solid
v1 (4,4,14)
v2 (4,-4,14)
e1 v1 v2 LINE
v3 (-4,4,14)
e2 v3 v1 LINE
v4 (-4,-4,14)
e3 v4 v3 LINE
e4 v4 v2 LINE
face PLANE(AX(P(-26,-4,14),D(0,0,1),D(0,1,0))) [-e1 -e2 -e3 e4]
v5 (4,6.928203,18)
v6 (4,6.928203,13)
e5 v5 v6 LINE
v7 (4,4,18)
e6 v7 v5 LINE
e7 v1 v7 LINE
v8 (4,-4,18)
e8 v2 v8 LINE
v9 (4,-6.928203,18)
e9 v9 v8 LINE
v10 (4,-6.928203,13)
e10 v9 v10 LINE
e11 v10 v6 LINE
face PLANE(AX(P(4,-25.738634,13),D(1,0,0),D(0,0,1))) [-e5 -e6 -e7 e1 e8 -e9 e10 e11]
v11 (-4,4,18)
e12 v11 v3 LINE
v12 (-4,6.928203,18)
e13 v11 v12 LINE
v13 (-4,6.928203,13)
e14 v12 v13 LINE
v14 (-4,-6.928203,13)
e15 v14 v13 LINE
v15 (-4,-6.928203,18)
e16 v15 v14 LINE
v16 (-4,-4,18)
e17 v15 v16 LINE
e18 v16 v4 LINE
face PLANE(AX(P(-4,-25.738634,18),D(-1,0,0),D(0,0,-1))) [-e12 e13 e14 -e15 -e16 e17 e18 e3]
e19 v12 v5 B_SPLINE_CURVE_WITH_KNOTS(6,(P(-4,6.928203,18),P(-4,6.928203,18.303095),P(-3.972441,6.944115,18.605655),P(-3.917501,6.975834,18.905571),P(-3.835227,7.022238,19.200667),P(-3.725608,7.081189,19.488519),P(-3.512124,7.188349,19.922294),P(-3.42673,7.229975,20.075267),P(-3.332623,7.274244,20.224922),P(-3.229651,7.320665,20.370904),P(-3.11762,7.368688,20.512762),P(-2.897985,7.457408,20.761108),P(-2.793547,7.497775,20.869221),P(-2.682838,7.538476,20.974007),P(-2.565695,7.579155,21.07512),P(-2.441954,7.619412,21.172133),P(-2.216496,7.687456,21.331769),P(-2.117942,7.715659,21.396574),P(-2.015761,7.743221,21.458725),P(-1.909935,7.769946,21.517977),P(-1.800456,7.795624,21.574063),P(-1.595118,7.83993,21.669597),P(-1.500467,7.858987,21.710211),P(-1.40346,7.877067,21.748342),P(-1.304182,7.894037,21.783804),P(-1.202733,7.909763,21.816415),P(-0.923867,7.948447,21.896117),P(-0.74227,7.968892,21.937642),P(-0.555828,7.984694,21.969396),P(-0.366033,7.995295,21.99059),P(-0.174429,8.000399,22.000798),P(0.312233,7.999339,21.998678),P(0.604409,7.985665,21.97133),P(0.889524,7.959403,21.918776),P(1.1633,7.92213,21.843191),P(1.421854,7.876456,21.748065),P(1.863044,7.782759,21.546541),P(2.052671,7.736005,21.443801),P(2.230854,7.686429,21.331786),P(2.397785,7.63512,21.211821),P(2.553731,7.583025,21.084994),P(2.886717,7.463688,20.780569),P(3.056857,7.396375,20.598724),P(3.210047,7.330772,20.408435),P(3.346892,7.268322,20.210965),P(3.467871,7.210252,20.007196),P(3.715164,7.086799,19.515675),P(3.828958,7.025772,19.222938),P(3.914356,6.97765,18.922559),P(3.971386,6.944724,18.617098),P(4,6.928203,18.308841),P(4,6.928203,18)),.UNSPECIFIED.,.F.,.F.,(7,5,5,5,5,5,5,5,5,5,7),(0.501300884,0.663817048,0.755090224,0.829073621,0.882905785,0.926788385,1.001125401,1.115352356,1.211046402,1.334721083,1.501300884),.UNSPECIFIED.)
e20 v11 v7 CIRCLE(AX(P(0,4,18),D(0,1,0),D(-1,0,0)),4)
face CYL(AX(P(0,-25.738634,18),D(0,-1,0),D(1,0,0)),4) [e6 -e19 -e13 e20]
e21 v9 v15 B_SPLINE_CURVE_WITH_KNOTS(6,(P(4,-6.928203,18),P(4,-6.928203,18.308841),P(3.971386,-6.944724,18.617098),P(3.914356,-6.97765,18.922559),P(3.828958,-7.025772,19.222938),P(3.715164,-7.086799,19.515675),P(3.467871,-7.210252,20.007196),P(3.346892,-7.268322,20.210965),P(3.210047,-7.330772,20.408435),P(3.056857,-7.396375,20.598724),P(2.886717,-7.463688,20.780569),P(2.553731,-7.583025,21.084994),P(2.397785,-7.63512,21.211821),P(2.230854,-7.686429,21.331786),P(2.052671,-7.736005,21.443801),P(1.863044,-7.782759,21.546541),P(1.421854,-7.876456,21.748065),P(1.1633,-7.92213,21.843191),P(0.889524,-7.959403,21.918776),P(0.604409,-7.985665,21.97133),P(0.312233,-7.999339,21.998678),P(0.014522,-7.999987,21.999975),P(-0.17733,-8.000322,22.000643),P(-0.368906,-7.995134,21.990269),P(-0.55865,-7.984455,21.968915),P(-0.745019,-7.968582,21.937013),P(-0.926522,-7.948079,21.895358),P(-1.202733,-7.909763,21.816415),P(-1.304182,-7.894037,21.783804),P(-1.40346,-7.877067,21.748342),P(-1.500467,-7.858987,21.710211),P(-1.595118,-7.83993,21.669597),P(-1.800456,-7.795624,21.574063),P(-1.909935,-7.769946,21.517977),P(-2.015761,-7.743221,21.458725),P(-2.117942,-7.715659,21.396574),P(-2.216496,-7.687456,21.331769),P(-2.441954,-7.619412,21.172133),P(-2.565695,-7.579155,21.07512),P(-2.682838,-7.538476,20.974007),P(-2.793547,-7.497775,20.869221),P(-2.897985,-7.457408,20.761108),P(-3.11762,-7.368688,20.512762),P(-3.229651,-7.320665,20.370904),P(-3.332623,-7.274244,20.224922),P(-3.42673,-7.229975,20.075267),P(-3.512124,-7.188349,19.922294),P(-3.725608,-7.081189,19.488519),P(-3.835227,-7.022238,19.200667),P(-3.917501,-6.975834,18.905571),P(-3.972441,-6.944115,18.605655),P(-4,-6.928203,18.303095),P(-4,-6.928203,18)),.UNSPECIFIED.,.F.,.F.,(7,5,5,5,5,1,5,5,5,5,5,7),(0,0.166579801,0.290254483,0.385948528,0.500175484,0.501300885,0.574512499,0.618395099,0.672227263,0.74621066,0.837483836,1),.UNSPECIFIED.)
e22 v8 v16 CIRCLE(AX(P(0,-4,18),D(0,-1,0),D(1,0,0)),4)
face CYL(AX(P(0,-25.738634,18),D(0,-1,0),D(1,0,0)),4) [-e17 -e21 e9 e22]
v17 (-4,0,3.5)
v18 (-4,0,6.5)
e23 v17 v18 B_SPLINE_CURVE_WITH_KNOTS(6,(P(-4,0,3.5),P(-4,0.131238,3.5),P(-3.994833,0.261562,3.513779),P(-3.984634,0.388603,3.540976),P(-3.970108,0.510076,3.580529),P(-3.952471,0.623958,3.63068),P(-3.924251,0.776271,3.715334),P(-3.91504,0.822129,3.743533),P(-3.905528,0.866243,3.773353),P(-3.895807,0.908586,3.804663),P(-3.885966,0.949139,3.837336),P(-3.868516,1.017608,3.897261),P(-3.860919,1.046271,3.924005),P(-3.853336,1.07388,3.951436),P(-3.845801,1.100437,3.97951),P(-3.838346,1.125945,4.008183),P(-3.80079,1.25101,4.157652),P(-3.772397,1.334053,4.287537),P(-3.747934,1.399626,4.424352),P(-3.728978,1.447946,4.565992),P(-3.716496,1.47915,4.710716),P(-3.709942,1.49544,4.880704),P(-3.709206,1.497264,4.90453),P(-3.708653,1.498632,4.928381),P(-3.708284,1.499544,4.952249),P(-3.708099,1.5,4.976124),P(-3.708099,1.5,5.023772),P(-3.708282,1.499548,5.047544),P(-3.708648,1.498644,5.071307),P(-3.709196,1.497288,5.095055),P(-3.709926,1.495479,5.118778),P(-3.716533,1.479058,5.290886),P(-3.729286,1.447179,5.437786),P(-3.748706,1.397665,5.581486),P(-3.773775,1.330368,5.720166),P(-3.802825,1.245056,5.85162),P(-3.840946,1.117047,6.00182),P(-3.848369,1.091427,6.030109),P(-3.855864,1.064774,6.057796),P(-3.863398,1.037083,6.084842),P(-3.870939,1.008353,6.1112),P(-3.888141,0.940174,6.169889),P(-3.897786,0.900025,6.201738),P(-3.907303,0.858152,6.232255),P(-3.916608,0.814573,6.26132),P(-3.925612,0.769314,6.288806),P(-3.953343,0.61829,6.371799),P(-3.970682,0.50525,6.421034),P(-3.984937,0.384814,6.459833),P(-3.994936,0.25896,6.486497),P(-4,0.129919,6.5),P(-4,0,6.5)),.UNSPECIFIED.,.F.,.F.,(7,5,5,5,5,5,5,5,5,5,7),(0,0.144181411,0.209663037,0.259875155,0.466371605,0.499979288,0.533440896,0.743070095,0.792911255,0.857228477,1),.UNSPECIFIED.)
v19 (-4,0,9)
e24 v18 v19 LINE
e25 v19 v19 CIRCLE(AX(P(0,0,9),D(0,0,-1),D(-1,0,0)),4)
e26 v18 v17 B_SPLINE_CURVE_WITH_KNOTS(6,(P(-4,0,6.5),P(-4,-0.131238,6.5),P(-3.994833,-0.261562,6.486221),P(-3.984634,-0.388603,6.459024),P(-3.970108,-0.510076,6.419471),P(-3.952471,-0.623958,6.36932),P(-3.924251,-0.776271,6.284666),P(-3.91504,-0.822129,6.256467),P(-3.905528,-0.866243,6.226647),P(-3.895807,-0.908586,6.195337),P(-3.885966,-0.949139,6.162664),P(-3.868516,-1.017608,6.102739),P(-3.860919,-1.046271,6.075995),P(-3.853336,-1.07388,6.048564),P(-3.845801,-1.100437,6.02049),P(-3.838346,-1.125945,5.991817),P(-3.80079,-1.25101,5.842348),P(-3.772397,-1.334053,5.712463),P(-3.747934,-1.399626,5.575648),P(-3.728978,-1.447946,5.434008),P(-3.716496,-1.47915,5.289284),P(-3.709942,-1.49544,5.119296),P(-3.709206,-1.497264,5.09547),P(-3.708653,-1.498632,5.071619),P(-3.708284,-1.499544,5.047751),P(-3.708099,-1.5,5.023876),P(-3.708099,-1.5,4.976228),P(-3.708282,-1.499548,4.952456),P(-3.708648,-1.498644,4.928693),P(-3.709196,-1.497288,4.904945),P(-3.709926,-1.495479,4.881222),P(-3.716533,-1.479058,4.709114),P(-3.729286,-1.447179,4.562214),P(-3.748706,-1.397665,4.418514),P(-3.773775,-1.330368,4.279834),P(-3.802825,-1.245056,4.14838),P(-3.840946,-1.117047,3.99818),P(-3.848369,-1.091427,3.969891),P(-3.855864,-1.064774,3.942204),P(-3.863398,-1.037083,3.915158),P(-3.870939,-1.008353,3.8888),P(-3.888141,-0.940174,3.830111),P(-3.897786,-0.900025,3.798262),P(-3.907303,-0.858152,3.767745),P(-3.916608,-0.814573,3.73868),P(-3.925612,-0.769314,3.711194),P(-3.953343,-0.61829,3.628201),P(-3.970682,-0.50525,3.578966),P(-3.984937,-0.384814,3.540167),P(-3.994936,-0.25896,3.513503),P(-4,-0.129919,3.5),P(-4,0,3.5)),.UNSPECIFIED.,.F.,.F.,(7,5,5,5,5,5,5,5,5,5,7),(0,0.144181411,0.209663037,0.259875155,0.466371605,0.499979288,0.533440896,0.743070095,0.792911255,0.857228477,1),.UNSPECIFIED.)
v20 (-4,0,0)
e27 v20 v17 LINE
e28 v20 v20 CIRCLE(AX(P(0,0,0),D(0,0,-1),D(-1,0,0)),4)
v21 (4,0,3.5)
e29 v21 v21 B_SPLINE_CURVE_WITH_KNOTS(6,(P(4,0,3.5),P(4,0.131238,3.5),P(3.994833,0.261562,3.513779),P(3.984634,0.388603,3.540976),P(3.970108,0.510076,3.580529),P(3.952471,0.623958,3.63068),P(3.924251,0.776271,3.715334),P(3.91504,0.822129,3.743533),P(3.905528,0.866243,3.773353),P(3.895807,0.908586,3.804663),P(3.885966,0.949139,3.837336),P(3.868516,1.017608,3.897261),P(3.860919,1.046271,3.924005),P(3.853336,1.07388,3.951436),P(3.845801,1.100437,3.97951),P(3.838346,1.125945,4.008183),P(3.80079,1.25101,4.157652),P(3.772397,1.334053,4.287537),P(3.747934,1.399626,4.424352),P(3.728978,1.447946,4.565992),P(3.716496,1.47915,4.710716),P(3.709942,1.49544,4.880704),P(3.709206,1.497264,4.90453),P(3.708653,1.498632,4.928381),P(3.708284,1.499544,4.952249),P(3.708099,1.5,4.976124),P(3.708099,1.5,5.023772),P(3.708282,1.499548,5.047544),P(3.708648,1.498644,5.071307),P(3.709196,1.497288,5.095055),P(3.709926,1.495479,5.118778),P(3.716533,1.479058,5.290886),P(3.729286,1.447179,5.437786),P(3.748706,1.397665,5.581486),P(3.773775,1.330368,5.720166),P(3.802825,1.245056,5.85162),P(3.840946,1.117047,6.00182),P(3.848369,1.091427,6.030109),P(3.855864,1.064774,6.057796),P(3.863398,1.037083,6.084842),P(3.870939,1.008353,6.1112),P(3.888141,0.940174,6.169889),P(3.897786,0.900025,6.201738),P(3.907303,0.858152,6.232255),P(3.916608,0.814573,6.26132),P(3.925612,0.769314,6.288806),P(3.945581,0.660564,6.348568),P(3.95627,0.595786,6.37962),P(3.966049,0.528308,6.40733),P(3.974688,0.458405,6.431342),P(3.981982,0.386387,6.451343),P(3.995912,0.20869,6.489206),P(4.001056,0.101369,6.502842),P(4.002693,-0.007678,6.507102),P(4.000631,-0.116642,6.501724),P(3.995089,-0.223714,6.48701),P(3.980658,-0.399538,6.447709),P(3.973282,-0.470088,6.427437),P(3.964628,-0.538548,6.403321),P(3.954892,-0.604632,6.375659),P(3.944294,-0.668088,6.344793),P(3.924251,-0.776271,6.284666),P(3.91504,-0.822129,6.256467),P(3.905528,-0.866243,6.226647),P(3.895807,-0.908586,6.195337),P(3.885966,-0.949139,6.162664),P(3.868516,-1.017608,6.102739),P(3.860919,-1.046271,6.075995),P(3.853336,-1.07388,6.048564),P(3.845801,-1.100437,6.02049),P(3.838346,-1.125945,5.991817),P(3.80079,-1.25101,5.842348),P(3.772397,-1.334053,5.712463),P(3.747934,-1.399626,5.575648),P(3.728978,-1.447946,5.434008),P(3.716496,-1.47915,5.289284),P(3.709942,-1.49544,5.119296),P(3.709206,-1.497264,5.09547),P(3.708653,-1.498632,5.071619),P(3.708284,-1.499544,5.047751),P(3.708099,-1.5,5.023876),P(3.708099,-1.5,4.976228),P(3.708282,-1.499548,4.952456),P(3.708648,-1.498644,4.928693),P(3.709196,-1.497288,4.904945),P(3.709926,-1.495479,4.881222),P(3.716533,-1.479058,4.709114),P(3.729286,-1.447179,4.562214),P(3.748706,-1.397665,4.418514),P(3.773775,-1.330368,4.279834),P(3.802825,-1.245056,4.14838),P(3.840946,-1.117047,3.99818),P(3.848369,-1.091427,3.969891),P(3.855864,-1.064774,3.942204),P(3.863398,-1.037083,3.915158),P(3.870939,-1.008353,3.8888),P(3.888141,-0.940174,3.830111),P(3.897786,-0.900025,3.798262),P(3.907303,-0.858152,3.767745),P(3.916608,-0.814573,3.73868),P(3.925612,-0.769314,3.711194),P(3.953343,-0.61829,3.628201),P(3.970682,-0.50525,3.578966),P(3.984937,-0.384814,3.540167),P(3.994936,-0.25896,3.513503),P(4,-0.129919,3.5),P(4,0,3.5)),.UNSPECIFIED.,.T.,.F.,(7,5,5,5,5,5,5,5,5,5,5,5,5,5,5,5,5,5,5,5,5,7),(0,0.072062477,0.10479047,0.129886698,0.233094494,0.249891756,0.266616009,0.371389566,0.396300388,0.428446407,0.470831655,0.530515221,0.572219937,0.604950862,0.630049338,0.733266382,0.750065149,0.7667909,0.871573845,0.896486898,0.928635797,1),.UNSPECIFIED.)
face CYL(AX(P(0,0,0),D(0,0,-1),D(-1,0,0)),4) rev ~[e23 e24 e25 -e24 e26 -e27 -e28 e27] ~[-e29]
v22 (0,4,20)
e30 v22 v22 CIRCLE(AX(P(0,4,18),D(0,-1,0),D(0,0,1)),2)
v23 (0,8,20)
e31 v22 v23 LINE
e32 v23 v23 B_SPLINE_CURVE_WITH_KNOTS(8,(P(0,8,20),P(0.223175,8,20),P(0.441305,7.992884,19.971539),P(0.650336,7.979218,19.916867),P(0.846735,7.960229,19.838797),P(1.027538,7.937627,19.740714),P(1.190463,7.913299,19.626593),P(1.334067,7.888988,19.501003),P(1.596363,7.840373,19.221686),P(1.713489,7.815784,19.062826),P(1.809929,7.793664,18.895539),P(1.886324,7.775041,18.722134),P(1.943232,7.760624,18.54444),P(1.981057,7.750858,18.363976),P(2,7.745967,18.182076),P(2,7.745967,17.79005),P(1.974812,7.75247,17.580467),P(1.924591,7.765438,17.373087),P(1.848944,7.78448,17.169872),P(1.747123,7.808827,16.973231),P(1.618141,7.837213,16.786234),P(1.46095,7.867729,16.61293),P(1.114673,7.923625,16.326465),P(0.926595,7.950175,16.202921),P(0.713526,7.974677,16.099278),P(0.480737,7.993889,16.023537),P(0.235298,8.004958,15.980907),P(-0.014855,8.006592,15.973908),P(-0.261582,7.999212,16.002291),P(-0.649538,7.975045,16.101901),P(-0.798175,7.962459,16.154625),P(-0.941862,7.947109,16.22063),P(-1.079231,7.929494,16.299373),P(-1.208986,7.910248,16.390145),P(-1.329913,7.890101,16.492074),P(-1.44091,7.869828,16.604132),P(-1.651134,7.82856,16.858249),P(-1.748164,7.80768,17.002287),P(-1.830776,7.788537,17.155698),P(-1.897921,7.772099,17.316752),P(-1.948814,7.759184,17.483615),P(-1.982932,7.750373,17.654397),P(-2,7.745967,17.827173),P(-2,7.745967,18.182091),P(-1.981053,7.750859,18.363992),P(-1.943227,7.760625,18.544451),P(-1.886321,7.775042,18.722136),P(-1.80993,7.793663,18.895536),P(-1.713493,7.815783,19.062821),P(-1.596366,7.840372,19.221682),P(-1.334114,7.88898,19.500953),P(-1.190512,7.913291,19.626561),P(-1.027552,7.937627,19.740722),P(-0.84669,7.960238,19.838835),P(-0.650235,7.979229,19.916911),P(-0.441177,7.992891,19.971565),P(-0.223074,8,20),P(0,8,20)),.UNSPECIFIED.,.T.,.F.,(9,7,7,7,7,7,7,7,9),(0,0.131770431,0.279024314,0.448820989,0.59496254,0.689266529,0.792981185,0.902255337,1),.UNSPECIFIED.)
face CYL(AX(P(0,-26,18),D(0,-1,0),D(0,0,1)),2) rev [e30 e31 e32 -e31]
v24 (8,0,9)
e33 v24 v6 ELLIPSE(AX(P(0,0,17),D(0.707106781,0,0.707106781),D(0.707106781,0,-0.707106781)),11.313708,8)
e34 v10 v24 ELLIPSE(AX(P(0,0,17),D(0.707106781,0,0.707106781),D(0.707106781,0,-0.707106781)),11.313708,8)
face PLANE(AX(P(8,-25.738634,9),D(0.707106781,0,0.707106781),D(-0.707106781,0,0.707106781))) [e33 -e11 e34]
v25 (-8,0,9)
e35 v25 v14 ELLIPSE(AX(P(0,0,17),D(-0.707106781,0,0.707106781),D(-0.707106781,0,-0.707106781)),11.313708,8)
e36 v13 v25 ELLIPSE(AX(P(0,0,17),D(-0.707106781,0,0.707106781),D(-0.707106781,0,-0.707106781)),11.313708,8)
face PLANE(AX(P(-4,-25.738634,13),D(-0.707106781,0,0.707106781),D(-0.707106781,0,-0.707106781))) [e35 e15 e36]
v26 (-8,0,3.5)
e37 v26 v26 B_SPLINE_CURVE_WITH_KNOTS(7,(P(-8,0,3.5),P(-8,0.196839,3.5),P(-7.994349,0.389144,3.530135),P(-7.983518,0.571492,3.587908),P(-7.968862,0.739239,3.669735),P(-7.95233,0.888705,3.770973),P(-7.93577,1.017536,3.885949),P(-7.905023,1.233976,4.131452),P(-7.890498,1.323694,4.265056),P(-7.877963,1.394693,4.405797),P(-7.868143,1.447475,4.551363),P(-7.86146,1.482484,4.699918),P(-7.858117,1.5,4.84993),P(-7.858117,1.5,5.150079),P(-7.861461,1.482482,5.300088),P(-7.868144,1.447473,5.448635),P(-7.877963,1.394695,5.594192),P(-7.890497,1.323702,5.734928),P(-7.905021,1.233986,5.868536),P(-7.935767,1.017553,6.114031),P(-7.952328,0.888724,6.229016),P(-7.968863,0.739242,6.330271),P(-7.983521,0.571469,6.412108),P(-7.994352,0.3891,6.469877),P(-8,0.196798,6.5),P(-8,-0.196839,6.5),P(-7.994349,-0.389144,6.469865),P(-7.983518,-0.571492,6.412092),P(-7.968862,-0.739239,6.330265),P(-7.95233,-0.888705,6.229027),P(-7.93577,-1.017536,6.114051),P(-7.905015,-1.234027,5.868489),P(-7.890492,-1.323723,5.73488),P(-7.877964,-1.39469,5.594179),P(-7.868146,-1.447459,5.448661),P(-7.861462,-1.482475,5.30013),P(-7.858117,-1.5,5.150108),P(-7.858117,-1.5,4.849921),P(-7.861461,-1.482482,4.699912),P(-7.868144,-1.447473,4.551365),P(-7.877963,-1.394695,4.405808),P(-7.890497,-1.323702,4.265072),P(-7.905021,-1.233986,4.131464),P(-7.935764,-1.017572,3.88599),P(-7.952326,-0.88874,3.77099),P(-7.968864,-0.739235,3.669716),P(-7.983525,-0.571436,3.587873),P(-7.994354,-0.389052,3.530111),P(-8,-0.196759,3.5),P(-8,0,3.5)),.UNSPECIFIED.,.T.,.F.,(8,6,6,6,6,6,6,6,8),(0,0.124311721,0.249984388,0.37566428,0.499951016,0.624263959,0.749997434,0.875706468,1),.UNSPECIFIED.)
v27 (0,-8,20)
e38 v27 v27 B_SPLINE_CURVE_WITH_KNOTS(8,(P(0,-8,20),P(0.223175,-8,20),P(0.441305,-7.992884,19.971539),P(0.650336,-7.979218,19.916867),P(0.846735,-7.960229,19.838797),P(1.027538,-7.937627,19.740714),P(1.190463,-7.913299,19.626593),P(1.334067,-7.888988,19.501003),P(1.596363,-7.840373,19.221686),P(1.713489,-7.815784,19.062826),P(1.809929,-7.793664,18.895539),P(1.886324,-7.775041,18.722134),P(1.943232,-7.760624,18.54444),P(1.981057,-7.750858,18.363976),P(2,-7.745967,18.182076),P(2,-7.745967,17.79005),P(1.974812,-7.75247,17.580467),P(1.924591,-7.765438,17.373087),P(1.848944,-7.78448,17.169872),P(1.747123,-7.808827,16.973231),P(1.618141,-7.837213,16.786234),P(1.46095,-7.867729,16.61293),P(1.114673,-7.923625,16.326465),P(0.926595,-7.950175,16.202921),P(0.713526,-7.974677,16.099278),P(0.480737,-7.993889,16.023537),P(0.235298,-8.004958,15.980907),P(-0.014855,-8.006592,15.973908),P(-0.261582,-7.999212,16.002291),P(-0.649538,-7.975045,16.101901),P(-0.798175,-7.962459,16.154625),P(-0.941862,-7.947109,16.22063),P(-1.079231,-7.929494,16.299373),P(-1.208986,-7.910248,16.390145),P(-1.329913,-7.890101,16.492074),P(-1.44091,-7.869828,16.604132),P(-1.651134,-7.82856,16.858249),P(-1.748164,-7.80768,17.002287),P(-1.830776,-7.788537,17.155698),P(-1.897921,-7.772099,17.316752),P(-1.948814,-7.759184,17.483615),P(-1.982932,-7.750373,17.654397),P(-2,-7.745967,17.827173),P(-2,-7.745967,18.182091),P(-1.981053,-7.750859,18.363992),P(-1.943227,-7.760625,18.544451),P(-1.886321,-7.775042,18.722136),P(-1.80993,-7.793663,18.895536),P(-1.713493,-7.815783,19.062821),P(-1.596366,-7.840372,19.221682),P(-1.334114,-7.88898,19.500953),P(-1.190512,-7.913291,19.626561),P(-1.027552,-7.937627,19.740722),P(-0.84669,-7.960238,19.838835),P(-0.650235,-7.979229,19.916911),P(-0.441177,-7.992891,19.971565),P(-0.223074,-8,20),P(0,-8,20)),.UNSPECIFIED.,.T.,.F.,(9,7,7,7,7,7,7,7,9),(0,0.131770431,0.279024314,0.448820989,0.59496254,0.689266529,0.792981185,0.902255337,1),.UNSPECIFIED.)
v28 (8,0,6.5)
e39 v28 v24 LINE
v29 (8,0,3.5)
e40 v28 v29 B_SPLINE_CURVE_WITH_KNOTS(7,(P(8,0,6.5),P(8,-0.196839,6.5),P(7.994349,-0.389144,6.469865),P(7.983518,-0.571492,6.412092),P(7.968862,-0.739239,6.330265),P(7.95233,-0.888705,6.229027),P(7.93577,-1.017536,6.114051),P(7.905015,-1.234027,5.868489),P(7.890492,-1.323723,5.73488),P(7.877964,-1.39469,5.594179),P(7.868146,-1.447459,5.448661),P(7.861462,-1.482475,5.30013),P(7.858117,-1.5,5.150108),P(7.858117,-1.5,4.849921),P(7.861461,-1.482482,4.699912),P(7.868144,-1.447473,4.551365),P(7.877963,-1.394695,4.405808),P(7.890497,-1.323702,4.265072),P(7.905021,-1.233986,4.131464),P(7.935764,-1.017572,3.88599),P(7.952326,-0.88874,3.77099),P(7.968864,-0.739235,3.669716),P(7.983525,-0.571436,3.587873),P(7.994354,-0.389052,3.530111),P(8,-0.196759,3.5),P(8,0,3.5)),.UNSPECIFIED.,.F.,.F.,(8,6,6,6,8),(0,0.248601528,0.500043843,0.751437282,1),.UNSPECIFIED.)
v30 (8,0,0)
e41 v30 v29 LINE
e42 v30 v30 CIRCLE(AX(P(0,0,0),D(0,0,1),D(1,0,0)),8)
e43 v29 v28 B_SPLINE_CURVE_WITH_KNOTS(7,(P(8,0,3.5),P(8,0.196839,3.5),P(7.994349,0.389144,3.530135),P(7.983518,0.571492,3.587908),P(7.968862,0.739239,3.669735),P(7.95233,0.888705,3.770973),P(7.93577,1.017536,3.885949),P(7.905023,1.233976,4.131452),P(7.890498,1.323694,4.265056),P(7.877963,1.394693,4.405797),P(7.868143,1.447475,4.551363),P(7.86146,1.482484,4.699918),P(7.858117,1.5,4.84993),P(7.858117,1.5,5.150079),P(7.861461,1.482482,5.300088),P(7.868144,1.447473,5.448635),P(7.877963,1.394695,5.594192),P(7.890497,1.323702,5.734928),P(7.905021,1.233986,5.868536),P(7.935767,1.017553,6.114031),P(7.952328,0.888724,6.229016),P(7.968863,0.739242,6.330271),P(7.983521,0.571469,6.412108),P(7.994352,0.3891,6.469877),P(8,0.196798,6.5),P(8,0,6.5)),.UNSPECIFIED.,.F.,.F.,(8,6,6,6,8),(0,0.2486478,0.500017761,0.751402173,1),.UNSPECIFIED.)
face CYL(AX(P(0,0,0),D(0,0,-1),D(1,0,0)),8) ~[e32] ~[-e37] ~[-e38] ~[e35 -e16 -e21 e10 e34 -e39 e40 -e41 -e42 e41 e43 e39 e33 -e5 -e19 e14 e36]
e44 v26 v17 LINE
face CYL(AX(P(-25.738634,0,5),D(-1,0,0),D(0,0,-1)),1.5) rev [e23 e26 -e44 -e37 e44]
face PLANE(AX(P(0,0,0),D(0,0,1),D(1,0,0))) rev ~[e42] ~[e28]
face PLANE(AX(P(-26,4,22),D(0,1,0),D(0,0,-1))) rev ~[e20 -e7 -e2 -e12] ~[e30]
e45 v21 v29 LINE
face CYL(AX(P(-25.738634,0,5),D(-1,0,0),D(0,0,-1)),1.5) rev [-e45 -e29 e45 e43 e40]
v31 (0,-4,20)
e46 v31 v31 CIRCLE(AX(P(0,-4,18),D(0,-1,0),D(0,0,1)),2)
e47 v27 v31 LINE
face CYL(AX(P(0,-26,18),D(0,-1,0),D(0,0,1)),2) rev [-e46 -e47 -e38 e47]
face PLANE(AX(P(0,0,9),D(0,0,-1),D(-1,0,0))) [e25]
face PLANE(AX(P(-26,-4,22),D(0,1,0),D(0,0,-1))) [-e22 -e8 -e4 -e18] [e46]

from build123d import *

# Parameters (mm, degrees)
SKETCH_1_R               = 8
EXTRUDE_1_DEPTH          = 22
CUT_EXTRUDE_1_DEPTH      = 25.738633754
CUT_EXTRUDE_1_DEPTH_BACK = 25.738633754
CUT_EXTRUDE_2_DEPTH      = 26
CUT_EXTRUDE_2_DEPTH_BACK = 26
SKETCH_3_R               = 2
CUT_EXTRUDE_3_DEPTH      = 26
CUT_EXTRUDE_3_DEPTH_BACK = 26
SKETCH_4_W               = 8
SKETCH_4_H               = 8
SKETCH_5_R               = 4
CUT_EXTRUDE_4_DEPTH      = 9
CUT_EXTRUDE_5_DEPTH      = 25.738633908
CUT_EXTRUDE_5_DEPTH_BACK = 25.738633908
SKETCH_6_R               = 1.5


with BuildPart() as part:
    # 草图1 → 拉伸1 (new body)
    with BuildSketch(Plane.XY):
        Circle(SKETCH_1_R)
    extrude(amount=EXTRUDE_1_DEPTH)

    # 草图2 → 切除-拉伸1 (cut, two sides: drawn at the far end of the back side and taken through both)
    with BuildSketch(Plane(origin=(0, 0, 0), x_dir=(1, 0, 0), z_dir=(0, 1, 0)).offset(-CUT_EXTRUDE_1_DEPTH_BACK)):
        with BuildLine():
            Line((8, -9), (4, -13))
            Line((4, -13), (4, -18))
            ThreePointArc((4, -18), (0, -22), (-4, -18))
            Line((-4, -18), (-4, -13))
            Line((-4, -13), (-8, -9))
            Line((-8, -9), (-8, -22))
            Line((-8, -22), (1.483160763, -24.700219192))
            Line((1.483160763, -24.700219192), (8, -22))
            Line((8, -22), (8, -9))
        make_face()
    extrude(amount=CUT_EXTRUDE_1_DEPTH + CUT_EXTRUDE_1_DEPTH_BACK, mode=Mode.SUBTRACT)

    # 草图3 → 切除-拉伸2 (cut, two sides: drawn at the far end of the back side and taken through both)
    with BuildSketch(Plane(origin=(0, 0, 0), x_dir=(1, 0, 0), z_dir=(0, 1, 0)).offset(-CUT_EXTRUDE_2_DEPTH_BACK)):
        with Locations((0, -18)):
            Circle(SKETCH_3_R)
    extrude(amount=CUT_EXTRUDE_2_DEPTH + CUT_EXTRUDE_2_DEPTH_BACK, mode=Mode.SUBTRACT)

    # 草图4 → 切除-拉伸3 (cut, two sides: drawn at the far end of the back side and taken through both)
    with BuildSketch(Plane(origin=(0, 0, 0), x_dir=(0, 0, -1), z_dir=(1, 0, 0)).offset(-CUT_EXTRUDE_3_DEPTH_BACK)):
        with Locations((-18, 0)):
            Rectangle(SKETCH_4_W, SKETCH_4_H)
    extrude(amount=CUT_EXTRUDE_3_DEPTH + CUT_EXTRUDE_3_DEPTH_BACK, mode=Mode.SUBTRACT)

    # 草图5 → 切除-拉伸4 (cut)
    with BuildSketch(Plane(origin=(0, 0, 0), x_dir=(-1, 0, 0), z_dir=(0, 0, -1))):
        Circle(SKETCH_5_R)
    extrude(amount=-CUT_EXTRUDE_4_DEPTH, mode=Mode.SUBTRACT)

    # 草图6 → 切除-拉伸5 (cut, two sides: drawn at the far end of the back side and taken through both)
    with BuildSketch(Plane(origin=(0, 0, 0), x_dir=(0, 0, -1), z_dir=(1, 0, 0)).offset(-CUT_EXTRUDE_5_DEPTH_BACK)):
        with Locations((-5, 0)):
            Circle(SKETCH_6_R)
    extrude(amount=CUT_EXTRUDE_5_DEPTH + CUT_EXTRUDE_5_DEPTH_BACK, mode=Mode.SUBTRACT)


solid = part.part
